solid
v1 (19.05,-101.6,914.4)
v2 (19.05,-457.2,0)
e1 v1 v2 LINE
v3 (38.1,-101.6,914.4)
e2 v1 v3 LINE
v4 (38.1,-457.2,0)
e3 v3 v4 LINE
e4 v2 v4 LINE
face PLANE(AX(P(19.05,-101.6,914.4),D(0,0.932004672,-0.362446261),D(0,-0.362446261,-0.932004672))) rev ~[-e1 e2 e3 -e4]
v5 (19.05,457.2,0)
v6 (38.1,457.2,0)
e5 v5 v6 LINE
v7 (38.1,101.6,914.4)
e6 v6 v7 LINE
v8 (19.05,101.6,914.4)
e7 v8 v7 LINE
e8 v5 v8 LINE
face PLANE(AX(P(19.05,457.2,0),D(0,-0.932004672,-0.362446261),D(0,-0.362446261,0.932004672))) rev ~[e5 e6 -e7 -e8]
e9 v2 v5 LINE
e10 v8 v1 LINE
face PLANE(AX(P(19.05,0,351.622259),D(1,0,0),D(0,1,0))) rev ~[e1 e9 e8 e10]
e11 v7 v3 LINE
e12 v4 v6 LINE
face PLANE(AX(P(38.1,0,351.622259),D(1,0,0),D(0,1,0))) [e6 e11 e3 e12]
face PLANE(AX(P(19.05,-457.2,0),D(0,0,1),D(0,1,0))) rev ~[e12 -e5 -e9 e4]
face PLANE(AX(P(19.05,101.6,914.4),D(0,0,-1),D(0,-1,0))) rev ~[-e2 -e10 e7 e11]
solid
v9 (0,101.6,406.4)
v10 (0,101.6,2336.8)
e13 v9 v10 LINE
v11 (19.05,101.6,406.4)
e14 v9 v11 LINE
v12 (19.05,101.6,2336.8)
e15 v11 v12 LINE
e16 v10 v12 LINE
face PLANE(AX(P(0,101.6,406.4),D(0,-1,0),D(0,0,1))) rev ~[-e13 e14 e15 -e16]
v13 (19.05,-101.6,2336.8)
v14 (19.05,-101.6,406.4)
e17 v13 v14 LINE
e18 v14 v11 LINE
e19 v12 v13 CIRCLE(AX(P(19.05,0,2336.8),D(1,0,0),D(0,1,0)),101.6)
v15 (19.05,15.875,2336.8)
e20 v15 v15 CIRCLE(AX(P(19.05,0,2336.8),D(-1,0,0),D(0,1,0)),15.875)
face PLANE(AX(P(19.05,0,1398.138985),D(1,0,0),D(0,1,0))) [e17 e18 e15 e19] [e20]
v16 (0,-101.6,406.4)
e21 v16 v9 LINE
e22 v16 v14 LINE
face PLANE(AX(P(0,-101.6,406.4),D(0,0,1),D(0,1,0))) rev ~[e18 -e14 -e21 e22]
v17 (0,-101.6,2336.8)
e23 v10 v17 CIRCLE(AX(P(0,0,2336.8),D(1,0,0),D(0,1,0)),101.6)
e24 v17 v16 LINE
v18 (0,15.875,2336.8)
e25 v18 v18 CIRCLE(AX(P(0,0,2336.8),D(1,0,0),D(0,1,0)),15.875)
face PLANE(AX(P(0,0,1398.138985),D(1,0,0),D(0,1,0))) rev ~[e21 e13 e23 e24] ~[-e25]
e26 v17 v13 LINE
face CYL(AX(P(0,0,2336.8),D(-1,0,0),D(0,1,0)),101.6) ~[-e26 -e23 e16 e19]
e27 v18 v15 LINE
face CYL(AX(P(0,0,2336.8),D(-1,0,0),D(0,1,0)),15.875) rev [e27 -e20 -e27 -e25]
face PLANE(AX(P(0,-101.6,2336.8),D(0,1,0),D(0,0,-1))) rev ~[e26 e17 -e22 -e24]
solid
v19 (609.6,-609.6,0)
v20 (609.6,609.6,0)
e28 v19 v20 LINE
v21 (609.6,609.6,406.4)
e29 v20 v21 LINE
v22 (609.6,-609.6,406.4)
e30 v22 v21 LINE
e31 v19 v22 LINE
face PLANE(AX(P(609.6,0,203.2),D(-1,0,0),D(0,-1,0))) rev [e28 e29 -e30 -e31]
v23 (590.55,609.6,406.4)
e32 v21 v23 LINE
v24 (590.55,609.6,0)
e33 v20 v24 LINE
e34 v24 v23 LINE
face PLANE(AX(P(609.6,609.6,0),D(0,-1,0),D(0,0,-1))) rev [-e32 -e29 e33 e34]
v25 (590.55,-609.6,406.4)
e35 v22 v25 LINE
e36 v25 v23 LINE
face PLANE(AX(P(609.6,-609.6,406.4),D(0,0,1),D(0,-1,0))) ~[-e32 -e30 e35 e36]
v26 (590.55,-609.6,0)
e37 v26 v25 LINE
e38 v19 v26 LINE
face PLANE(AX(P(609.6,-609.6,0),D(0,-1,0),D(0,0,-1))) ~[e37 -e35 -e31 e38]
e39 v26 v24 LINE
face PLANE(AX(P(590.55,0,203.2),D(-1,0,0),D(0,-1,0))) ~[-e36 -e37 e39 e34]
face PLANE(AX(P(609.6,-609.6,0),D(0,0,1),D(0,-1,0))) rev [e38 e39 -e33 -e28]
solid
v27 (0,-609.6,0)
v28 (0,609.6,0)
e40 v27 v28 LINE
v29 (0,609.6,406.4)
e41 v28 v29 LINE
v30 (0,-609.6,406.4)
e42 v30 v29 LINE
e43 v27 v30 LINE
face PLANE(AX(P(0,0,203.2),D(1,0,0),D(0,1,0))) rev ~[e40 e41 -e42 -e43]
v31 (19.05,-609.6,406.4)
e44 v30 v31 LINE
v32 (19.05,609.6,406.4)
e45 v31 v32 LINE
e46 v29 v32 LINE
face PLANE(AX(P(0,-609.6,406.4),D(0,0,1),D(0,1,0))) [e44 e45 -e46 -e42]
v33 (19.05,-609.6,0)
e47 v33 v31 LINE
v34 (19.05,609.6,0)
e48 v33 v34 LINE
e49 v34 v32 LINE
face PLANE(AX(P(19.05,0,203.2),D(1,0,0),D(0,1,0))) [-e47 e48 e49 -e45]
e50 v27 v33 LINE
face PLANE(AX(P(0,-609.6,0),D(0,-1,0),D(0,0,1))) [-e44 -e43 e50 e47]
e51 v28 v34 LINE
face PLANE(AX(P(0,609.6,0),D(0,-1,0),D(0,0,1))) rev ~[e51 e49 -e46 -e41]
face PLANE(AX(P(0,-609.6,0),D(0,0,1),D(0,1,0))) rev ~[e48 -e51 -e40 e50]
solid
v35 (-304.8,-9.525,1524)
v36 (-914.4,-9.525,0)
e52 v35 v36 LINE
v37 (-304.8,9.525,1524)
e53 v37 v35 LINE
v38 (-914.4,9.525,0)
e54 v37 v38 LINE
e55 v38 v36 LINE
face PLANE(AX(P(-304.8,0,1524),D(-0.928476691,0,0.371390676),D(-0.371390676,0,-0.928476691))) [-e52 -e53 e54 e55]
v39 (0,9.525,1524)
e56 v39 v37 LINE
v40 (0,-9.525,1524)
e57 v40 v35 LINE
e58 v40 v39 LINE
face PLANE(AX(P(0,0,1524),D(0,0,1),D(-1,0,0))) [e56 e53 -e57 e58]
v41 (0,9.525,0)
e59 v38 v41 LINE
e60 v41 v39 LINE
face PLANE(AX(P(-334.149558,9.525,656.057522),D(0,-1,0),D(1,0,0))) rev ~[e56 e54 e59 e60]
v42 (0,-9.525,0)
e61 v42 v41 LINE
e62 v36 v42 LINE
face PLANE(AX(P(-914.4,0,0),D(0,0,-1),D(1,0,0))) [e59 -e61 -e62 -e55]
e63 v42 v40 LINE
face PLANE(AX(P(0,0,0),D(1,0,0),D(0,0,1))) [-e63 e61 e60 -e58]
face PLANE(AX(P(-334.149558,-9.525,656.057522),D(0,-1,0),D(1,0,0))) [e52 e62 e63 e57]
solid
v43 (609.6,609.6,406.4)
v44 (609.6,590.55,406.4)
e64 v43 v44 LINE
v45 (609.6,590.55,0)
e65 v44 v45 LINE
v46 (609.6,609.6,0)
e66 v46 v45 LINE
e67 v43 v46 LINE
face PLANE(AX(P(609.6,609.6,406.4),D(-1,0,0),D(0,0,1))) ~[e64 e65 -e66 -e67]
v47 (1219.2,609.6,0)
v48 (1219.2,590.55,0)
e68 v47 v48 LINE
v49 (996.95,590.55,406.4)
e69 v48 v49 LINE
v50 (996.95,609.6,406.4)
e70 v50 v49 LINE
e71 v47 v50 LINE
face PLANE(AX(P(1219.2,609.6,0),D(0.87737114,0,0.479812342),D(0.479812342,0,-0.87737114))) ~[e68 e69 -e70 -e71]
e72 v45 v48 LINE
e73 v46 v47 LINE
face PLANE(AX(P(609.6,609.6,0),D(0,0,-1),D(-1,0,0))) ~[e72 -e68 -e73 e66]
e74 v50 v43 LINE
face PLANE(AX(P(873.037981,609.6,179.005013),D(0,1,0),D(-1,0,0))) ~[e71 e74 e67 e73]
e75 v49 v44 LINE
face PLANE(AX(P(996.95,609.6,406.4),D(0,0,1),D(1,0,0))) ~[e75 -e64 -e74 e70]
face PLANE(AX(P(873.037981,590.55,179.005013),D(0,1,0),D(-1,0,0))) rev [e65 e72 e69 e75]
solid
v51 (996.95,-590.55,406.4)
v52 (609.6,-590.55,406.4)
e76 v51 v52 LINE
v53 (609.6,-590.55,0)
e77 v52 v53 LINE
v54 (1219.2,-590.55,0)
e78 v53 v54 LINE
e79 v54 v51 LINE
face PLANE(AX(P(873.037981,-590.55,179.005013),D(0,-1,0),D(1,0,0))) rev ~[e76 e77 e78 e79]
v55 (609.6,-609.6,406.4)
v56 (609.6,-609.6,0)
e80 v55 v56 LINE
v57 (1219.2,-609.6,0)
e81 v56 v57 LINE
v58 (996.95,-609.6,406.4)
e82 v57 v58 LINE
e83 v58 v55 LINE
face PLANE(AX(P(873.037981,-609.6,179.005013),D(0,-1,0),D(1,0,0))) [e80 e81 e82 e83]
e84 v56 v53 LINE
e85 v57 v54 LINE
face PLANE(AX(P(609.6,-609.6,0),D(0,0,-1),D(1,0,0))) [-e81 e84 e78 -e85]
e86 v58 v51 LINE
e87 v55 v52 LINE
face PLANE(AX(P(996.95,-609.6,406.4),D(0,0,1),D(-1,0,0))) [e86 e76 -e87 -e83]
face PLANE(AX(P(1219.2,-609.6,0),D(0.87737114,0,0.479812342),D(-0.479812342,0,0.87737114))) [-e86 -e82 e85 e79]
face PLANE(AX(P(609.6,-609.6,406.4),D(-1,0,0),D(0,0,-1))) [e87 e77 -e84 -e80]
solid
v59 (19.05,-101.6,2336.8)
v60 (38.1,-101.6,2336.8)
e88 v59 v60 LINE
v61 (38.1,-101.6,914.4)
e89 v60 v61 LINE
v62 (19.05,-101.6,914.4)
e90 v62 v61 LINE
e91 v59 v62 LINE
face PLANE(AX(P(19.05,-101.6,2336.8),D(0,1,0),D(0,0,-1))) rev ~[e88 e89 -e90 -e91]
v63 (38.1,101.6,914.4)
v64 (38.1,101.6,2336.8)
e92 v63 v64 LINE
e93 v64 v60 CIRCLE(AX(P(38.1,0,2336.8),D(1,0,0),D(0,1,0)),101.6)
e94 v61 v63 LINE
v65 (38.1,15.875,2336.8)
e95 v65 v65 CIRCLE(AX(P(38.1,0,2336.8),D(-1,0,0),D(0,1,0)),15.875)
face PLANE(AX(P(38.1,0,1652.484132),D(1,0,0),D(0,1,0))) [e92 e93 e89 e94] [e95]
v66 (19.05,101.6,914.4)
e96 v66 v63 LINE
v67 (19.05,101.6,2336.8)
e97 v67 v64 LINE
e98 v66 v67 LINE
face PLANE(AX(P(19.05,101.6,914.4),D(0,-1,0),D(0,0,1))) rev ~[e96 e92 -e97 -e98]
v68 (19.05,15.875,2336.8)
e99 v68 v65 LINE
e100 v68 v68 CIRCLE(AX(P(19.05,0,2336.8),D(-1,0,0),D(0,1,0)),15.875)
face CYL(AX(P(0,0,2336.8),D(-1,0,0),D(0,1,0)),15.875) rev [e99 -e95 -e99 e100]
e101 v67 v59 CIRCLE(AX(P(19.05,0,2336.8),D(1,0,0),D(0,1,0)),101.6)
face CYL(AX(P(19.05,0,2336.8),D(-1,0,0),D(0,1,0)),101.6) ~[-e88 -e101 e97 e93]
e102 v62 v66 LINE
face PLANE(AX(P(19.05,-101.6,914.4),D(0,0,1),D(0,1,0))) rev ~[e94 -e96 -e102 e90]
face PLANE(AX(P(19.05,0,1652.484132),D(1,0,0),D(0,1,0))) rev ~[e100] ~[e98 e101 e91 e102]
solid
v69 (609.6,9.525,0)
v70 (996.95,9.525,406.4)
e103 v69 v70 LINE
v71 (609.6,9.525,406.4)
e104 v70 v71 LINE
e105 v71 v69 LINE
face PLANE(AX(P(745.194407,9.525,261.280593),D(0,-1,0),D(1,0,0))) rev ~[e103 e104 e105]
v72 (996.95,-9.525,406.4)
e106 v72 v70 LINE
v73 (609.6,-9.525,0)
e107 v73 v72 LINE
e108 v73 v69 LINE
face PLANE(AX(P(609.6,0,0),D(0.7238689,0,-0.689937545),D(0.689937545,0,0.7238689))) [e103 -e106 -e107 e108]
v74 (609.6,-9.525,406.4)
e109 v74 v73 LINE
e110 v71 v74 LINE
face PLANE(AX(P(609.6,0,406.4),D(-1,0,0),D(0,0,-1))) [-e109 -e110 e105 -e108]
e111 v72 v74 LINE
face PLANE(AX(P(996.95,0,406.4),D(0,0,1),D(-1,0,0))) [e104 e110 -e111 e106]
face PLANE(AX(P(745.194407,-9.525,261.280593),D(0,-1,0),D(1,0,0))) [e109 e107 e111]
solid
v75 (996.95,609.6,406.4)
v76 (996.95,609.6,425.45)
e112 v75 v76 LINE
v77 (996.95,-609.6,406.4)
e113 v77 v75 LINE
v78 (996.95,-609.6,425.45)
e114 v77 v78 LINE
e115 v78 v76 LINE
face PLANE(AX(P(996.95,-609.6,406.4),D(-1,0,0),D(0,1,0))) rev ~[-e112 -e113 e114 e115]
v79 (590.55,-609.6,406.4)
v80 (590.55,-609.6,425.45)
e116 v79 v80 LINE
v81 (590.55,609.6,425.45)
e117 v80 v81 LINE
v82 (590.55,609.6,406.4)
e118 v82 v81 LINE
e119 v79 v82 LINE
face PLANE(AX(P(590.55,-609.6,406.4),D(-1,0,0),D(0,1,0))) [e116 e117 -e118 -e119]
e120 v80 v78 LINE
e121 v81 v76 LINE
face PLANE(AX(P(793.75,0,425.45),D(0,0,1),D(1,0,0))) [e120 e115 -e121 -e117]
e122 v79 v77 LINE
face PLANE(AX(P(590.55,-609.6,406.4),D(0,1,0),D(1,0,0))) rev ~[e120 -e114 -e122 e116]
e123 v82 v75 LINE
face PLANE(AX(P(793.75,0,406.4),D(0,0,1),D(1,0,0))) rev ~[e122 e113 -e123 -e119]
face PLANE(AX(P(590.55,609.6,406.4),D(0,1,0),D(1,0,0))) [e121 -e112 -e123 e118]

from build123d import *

# Parameters (mm, degrees)
F1_DEPTH  = 19.05
F2_W      = 1219.2
F2_H      = 406.4
F3_DEPTH  = 19.05
F7_DEPTH  = 19.05
F8_W      = 406.4
F8_H      = 1219.2
F9_DEPTH  = 19.05
F11_DEPTH = 19.05
F14_DEPTH = 9.525
F16_DEPTH = 9.525
F18_DEPTH = 19.05
F19_R     = 15.875
F20_DEPTH = 1219.201


with BuildPart() as f1:
    # F0 (on Right) → F1 (new body)
    with BuildSketch(Plane.YZ):
        with BuildLine():
            Line((101.6, 406.4), (101.6, 2336.8))
            ThreePointArc((101.6, 2336.8), (0, 2438.4), (-101.6, 2336.8))
            Line((-101.6, 2336.8), (-101.6, 406.4))
            Line((-101.6, 406.4), (101.6, 406.4))
        make_face()
    extrude(amount=F1_DEPTH)


with BuildPart() as f3:
    # F2 (on Right) → F3 (new body, through all)
    with BuildSketch(Plane.YZ):
        with Locations((0, 203.2)):
            Rectangle(F2_W, F2_H)
    extrude(amount=F3_DEPTH)


with BuildPart() as f5_1:
    # F5: instance of F3
    add(f3.part.mirror(Plane.YZ.offset(304.8)))


with BuildPart() as f7:
    # F6 (on face) → F7 (new body)
    with BuildSketch(Plane.YZ.offset(19.05)):
        Polygon((101.6, 914.4), (-101.6, 914.4), (-457.2, 0), (457.2, 0), align=None)
    extrude(amount=F7_DEPTH)


with BuildPart() as f9:
    # F8 (on face) → F9 (new body)
    with BuildSketch(Plane.XY.offset(406.4)):
        with Locations((793.7499999999, 0)):
            Rectangle(F8_W, F8_H)
    extrude(amount=F9_DEPTH)


with BuildPart() as f11:
    # F10 (on face) → F11 (new body)
    with BuildSketch(Plane.XZ.offset(609.6)):
        Polygon((996.9499999999, 406.4), (609.6, 406.4), (609.6, 0), (1219.2, 0), align=None)
    extrude(amount=-F11_DEPTH)


with BuildPart() as f12_1:
    # F12: instance of F11
    add(f11.part.mirror(Plane.XZ))


with BuildPart() as f14:
    # F13 (on Front) → F14 (new body, symmetric)
    with BuildSketch(Plane.XZ):
        Polygon((996.9499999999, 406.4), (609.6, 406.4), (609.6, 0), align=None)
    extrude(amount=F14_DEPTH, both=True)


with BuildPart() as f16:
    # F15 (on Front) → F16 (new body, symmetric)
    with BuildSketch(Plane.XZ):
        Polygon((0, 406.4), (0, 1524), (-304.8, 1524), (-914.4, 0), (0, 0), align=None)
    extrude(amount=F16_DEPTH, both=True)


with BuildPart() as f18:
    # F17 (on face) → F18 (new body, through all)
    with BuildSketch(Plane.YZ.offset(19.05)):
        with BuildLine():
            Line((101.6, 914.4), (101.6, 2336.8))
            ThreePointArc((101.6, 2336.8), (0, 2438.4), (-101.6, 2336.8))
            Line((-101.6, 2336.8), (-101.6, 914.4))
            Line((-101.6, 914.4), (101.6, 914.4))
        make_face()
    extrude(amount=F18_DEPTH)


with BuildPart() as f20_tool:
    # F19 (on face) → F20 (new body, through all)
    with BuildSketch(Plane.YZ):
        with Locations((0, 2336.8)):
            Circle(F19_R)
    extrude(amount=F20_DEPTH)


with BuildPart() as f1_1:
    add(f1.part)

    # F20: cut by f20_tool
    add(f20_tool.part, mode=Mode.SUBTRACT)


with BuildPart() as f18_1:
    add(f18.part)

    # F20: cut by f20_tool
    add(f20_tool.part, mode=Mode.SUBTRACT)


solid = Compound([f3.part, f5_1.part, f7.part, f9.part, f11.part, f12_1.part, f14.part, f16.part, f1_1.part, f18_1.part])
